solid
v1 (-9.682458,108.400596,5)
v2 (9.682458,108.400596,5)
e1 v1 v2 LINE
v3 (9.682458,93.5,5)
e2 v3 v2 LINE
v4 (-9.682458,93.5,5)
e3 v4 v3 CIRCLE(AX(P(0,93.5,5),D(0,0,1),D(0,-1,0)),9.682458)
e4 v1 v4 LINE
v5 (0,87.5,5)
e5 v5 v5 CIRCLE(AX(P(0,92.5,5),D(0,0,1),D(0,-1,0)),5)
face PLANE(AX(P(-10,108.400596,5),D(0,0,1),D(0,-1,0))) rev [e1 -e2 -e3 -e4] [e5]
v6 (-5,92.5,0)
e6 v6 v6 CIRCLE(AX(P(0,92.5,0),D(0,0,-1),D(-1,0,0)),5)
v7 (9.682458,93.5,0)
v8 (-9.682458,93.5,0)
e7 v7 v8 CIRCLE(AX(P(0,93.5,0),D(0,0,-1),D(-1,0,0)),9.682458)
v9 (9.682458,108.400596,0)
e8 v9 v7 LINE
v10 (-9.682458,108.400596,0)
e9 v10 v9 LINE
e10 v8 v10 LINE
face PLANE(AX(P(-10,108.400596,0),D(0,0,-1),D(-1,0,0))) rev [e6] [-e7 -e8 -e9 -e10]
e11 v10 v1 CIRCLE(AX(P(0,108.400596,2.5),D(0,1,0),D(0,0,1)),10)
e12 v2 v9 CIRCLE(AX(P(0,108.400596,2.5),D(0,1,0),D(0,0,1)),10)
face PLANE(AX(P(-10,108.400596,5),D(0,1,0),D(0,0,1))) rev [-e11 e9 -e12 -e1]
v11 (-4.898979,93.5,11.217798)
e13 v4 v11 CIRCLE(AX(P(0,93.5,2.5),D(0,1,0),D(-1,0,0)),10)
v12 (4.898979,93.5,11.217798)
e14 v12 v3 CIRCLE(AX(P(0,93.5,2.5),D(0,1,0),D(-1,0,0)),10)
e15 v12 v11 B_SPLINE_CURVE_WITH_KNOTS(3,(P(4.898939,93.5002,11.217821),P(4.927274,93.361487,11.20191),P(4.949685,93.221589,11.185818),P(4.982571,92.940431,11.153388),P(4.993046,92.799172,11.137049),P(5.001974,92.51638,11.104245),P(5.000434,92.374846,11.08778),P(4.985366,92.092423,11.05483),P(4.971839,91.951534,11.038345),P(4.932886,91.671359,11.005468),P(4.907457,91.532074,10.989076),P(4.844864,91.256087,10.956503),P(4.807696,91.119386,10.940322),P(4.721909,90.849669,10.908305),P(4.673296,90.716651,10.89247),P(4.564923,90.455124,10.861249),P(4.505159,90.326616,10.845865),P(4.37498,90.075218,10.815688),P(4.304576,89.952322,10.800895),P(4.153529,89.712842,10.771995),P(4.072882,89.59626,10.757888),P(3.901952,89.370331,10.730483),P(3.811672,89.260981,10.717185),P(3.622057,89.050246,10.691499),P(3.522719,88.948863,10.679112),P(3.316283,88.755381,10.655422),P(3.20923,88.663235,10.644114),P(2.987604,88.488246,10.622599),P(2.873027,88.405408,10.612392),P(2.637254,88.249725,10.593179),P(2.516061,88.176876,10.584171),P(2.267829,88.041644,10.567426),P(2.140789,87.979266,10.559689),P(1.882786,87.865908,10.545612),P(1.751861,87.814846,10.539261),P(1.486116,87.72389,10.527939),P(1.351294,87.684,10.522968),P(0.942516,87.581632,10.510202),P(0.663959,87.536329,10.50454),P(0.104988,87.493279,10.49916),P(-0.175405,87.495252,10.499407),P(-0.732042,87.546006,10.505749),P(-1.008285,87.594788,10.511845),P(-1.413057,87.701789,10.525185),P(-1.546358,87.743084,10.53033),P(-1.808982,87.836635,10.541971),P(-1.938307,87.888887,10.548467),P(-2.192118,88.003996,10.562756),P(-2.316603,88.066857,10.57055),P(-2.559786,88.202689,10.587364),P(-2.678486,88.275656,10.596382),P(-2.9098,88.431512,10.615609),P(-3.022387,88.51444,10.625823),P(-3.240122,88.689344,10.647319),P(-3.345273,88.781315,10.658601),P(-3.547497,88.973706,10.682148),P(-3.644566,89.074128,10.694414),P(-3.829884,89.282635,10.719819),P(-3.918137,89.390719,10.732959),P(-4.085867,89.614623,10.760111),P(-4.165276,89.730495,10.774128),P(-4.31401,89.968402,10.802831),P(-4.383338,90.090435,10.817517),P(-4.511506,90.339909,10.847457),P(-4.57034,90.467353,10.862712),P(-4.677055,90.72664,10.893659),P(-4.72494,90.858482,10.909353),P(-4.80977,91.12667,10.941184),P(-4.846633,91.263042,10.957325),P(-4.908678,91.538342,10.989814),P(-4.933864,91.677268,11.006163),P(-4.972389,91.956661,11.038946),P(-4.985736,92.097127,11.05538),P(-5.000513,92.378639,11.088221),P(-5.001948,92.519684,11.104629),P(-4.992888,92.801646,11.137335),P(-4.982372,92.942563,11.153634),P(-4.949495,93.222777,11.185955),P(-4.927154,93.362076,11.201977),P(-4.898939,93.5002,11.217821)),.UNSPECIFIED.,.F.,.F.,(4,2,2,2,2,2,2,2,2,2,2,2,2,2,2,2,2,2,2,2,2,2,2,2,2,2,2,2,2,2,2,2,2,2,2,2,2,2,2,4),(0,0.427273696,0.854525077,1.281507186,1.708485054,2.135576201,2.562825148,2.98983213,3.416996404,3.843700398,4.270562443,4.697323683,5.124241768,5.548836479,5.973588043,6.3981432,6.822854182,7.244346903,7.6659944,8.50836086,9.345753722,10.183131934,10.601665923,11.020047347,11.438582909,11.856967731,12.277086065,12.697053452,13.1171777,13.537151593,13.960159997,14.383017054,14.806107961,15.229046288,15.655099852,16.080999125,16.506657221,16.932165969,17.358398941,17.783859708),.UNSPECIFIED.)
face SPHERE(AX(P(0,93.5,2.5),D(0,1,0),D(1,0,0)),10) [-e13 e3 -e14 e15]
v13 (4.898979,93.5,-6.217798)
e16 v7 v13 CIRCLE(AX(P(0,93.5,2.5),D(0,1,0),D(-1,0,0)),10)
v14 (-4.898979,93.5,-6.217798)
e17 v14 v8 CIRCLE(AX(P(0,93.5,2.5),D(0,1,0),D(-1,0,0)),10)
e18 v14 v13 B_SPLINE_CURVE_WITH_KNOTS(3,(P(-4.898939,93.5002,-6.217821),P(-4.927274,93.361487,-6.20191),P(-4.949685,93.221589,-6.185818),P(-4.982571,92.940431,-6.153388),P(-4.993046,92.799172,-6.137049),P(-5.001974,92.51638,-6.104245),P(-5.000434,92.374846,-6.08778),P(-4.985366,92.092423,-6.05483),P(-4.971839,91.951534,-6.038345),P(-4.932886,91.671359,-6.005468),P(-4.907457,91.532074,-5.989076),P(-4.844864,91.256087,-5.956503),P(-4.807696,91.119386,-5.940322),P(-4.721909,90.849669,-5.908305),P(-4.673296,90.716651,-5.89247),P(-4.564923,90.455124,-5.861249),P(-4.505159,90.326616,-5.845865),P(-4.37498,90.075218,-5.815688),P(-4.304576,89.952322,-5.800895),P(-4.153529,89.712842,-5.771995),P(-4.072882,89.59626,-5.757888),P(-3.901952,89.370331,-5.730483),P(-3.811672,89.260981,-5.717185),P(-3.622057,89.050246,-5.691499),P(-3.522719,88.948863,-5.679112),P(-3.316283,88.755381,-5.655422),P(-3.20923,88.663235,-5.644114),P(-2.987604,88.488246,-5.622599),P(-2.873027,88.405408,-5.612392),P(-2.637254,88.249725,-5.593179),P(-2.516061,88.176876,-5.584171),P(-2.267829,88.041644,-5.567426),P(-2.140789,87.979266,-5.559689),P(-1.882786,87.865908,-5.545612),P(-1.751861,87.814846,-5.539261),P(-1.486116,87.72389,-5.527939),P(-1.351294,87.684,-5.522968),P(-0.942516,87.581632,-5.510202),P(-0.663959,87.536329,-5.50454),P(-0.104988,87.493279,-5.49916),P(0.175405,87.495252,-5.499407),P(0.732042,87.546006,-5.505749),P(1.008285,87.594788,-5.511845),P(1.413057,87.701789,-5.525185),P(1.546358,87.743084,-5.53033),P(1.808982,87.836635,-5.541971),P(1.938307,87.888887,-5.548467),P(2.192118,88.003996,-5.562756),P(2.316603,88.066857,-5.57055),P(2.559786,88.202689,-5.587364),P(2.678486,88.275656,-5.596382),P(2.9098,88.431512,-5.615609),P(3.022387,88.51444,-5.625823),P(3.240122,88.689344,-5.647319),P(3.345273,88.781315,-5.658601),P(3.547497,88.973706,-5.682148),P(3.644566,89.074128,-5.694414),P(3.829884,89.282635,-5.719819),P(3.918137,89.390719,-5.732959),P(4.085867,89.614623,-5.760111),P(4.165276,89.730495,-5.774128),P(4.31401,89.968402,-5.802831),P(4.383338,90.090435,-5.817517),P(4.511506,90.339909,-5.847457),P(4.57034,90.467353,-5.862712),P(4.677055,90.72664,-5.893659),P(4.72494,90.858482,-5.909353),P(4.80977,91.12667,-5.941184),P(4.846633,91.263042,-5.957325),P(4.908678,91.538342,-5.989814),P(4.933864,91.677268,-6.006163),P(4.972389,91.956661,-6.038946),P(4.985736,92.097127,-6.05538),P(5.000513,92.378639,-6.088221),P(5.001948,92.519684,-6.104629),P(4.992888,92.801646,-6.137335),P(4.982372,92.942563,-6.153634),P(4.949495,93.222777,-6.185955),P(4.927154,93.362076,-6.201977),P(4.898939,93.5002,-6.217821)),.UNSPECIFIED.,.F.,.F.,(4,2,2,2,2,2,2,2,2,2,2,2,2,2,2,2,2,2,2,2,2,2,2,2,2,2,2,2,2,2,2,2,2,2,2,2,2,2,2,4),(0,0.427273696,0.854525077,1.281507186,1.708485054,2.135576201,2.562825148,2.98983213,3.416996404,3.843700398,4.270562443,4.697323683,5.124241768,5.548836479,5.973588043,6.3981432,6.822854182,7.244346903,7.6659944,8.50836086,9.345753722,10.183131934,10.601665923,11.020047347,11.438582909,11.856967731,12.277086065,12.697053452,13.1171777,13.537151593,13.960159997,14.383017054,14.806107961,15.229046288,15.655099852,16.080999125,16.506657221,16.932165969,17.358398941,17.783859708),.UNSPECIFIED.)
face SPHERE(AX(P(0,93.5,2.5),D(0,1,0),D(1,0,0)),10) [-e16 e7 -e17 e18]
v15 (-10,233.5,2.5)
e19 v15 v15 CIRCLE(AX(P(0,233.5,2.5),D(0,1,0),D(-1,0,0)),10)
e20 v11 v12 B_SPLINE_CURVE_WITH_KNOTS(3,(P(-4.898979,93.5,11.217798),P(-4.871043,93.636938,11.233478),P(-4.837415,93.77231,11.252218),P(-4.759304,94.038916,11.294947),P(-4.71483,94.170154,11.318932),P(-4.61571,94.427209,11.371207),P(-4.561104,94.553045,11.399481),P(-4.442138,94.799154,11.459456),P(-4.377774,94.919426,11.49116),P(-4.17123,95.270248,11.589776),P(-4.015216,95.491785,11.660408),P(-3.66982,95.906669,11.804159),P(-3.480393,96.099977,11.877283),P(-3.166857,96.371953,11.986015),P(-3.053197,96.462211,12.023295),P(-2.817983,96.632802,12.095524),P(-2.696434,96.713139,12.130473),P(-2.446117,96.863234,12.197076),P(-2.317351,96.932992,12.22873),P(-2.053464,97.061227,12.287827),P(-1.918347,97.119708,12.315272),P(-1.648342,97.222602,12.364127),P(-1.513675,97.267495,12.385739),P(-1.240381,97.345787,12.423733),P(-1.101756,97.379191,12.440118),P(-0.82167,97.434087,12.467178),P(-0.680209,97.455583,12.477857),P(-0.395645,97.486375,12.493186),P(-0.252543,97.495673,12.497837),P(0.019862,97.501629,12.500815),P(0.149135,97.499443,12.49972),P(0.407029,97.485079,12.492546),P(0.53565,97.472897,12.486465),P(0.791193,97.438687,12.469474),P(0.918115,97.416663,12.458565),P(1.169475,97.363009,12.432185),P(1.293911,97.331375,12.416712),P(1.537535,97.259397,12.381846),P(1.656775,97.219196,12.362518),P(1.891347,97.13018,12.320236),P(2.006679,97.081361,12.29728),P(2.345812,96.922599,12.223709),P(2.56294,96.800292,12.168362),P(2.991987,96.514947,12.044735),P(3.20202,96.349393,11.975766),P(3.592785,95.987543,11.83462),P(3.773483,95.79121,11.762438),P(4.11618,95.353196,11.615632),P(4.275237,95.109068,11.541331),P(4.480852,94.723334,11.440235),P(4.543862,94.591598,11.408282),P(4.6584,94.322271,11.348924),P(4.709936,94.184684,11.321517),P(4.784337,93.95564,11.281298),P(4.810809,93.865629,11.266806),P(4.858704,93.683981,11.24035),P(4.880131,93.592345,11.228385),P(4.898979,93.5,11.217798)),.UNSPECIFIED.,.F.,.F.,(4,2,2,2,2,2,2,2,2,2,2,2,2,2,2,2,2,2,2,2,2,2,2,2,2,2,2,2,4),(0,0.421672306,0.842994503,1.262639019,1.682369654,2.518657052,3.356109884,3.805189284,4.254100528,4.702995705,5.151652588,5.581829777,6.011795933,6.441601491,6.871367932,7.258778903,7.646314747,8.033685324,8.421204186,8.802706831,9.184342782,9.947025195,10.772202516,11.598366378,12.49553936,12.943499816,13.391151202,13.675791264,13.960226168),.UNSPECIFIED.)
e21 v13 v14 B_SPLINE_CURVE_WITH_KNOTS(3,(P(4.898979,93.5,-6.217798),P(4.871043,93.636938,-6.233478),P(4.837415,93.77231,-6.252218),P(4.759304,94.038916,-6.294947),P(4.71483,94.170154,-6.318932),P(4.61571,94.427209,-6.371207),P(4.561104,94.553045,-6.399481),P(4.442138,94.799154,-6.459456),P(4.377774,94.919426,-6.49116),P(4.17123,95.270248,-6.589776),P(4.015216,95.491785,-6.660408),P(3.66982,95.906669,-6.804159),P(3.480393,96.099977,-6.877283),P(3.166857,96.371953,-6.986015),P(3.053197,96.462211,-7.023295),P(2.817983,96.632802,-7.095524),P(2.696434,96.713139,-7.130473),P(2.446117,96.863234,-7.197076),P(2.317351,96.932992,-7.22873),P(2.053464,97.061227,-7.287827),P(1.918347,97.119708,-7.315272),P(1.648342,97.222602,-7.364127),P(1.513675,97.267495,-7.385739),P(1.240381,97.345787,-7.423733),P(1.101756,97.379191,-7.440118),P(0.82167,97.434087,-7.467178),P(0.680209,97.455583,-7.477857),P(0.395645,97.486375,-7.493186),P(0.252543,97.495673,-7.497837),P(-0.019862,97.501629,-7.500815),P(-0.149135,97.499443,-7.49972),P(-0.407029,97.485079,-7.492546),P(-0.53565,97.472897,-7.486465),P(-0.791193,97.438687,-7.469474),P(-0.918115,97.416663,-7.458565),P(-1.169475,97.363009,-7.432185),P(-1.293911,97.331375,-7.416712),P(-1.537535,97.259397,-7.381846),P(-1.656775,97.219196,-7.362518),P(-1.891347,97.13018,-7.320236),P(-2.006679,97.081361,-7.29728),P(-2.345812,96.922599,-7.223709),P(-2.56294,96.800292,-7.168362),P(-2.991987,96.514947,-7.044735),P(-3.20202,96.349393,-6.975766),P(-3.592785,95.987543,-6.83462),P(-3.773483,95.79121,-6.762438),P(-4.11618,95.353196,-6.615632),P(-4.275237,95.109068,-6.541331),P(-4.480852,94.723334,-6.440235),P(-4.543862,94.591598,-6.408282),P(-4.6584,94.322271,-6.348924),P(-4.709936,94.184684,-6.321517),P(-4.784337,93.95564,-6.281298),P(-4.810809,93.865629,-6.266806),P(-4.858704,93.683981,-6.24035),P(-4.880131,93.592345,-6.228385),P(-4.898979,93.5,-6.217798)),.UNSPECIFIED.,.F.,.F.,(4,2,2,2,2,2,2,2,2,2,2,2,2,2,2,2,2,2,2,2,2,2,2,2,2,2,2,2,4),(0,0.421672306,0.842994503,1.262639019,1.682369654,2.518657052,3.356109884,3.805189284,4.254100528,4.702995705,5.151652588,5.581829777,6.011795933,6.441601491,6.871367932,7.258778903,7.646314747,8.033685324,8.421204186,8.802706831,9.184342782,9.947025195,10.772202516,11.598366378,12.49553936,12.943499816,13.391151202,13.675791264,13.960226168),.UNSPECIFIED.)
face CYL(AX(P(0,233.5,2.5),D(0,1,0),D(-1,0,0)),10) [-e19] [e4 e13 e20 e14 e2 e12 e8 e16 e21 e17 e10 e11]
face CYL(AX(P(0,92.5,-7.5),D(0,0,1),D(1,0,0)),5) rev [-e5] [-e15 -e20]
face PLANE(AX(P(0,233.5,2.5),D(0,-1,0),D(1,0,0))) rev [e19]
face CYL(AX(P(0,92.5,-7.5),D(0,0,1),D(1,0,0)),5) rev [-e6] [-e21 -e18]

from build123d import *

# Parameters (mm, degrees)
SKETCH2_W               = 5
SKETCH2_H               = 33.382597824
CUT_EXTRUDE1_DEPTH      = 11
CUT_EXTRUDE1_DEPTH_BACK = 11
SKETCH3_R               = 5
CUT_EXTRUDE2_DEPTH      = 13.5
CUT_EXTRUDE2_DEPTH_BACK = 8.5


with BuildPart() as part:
    # Sketch1 → Revolve1 (revolve)
    with BuildSketch(Plane(origin=(0, 0, 2.5), x_dir=(-1, 0, 0), z_dir=(0, 0, -1))):
        with BuildLine():
            Line((0, 233.5), (0, 83.5))
            ThreePointArc((0, 83.5), (7.071067812, 86.428932188), (10, 93.5))
            Line((10, 93.5), (10, 233.5))
            Line((10, 233.5), (0, 233.5))
        make_face()
    revolve(axis=Axis((0, 233.5, 2.5), (0, -1, 0)))

    # Sketch2 → Cut-Extrude1 (cut, two sides)
    with BuildSketch(Plane(origin=(0, 0, 0), x_dir=(0, 0, -1), z_dir=(1, 0, 0))) as cut_extrude1_sk:
        with Locations((-2.5, 91.70929716)):
            Rectangle(SKETCH2_W, SKETCH2_H)
    extrude(amount=CUT_EXTRUDE1_DEPTH, mode=Mode.SUBTRACT)
    extrude(cut_extrude1_sk.sketch, amount=-CUT_EXTRUDE1_DEPTH_BACK, mode=Mode.SUBTRACT)

    # Sketch3 → Cut-Extrude2 (cut, two sides)
    with BuildSketch(Plane.XY) as cut_extrude2_sk:
        with Locations((0, 92.5)):
            Circle(SKETCH3_R)
    extrude(amount=CUT_EXTRUDE2_DEPTH, mode=Mode.SUBTRACT)
    extrude(cut_extrude2_sk.sketch, amount=-CUT_EXTRUDE2_DEPTH_BACK, mode=Mode.SUBTRACT)


solid = part.part
